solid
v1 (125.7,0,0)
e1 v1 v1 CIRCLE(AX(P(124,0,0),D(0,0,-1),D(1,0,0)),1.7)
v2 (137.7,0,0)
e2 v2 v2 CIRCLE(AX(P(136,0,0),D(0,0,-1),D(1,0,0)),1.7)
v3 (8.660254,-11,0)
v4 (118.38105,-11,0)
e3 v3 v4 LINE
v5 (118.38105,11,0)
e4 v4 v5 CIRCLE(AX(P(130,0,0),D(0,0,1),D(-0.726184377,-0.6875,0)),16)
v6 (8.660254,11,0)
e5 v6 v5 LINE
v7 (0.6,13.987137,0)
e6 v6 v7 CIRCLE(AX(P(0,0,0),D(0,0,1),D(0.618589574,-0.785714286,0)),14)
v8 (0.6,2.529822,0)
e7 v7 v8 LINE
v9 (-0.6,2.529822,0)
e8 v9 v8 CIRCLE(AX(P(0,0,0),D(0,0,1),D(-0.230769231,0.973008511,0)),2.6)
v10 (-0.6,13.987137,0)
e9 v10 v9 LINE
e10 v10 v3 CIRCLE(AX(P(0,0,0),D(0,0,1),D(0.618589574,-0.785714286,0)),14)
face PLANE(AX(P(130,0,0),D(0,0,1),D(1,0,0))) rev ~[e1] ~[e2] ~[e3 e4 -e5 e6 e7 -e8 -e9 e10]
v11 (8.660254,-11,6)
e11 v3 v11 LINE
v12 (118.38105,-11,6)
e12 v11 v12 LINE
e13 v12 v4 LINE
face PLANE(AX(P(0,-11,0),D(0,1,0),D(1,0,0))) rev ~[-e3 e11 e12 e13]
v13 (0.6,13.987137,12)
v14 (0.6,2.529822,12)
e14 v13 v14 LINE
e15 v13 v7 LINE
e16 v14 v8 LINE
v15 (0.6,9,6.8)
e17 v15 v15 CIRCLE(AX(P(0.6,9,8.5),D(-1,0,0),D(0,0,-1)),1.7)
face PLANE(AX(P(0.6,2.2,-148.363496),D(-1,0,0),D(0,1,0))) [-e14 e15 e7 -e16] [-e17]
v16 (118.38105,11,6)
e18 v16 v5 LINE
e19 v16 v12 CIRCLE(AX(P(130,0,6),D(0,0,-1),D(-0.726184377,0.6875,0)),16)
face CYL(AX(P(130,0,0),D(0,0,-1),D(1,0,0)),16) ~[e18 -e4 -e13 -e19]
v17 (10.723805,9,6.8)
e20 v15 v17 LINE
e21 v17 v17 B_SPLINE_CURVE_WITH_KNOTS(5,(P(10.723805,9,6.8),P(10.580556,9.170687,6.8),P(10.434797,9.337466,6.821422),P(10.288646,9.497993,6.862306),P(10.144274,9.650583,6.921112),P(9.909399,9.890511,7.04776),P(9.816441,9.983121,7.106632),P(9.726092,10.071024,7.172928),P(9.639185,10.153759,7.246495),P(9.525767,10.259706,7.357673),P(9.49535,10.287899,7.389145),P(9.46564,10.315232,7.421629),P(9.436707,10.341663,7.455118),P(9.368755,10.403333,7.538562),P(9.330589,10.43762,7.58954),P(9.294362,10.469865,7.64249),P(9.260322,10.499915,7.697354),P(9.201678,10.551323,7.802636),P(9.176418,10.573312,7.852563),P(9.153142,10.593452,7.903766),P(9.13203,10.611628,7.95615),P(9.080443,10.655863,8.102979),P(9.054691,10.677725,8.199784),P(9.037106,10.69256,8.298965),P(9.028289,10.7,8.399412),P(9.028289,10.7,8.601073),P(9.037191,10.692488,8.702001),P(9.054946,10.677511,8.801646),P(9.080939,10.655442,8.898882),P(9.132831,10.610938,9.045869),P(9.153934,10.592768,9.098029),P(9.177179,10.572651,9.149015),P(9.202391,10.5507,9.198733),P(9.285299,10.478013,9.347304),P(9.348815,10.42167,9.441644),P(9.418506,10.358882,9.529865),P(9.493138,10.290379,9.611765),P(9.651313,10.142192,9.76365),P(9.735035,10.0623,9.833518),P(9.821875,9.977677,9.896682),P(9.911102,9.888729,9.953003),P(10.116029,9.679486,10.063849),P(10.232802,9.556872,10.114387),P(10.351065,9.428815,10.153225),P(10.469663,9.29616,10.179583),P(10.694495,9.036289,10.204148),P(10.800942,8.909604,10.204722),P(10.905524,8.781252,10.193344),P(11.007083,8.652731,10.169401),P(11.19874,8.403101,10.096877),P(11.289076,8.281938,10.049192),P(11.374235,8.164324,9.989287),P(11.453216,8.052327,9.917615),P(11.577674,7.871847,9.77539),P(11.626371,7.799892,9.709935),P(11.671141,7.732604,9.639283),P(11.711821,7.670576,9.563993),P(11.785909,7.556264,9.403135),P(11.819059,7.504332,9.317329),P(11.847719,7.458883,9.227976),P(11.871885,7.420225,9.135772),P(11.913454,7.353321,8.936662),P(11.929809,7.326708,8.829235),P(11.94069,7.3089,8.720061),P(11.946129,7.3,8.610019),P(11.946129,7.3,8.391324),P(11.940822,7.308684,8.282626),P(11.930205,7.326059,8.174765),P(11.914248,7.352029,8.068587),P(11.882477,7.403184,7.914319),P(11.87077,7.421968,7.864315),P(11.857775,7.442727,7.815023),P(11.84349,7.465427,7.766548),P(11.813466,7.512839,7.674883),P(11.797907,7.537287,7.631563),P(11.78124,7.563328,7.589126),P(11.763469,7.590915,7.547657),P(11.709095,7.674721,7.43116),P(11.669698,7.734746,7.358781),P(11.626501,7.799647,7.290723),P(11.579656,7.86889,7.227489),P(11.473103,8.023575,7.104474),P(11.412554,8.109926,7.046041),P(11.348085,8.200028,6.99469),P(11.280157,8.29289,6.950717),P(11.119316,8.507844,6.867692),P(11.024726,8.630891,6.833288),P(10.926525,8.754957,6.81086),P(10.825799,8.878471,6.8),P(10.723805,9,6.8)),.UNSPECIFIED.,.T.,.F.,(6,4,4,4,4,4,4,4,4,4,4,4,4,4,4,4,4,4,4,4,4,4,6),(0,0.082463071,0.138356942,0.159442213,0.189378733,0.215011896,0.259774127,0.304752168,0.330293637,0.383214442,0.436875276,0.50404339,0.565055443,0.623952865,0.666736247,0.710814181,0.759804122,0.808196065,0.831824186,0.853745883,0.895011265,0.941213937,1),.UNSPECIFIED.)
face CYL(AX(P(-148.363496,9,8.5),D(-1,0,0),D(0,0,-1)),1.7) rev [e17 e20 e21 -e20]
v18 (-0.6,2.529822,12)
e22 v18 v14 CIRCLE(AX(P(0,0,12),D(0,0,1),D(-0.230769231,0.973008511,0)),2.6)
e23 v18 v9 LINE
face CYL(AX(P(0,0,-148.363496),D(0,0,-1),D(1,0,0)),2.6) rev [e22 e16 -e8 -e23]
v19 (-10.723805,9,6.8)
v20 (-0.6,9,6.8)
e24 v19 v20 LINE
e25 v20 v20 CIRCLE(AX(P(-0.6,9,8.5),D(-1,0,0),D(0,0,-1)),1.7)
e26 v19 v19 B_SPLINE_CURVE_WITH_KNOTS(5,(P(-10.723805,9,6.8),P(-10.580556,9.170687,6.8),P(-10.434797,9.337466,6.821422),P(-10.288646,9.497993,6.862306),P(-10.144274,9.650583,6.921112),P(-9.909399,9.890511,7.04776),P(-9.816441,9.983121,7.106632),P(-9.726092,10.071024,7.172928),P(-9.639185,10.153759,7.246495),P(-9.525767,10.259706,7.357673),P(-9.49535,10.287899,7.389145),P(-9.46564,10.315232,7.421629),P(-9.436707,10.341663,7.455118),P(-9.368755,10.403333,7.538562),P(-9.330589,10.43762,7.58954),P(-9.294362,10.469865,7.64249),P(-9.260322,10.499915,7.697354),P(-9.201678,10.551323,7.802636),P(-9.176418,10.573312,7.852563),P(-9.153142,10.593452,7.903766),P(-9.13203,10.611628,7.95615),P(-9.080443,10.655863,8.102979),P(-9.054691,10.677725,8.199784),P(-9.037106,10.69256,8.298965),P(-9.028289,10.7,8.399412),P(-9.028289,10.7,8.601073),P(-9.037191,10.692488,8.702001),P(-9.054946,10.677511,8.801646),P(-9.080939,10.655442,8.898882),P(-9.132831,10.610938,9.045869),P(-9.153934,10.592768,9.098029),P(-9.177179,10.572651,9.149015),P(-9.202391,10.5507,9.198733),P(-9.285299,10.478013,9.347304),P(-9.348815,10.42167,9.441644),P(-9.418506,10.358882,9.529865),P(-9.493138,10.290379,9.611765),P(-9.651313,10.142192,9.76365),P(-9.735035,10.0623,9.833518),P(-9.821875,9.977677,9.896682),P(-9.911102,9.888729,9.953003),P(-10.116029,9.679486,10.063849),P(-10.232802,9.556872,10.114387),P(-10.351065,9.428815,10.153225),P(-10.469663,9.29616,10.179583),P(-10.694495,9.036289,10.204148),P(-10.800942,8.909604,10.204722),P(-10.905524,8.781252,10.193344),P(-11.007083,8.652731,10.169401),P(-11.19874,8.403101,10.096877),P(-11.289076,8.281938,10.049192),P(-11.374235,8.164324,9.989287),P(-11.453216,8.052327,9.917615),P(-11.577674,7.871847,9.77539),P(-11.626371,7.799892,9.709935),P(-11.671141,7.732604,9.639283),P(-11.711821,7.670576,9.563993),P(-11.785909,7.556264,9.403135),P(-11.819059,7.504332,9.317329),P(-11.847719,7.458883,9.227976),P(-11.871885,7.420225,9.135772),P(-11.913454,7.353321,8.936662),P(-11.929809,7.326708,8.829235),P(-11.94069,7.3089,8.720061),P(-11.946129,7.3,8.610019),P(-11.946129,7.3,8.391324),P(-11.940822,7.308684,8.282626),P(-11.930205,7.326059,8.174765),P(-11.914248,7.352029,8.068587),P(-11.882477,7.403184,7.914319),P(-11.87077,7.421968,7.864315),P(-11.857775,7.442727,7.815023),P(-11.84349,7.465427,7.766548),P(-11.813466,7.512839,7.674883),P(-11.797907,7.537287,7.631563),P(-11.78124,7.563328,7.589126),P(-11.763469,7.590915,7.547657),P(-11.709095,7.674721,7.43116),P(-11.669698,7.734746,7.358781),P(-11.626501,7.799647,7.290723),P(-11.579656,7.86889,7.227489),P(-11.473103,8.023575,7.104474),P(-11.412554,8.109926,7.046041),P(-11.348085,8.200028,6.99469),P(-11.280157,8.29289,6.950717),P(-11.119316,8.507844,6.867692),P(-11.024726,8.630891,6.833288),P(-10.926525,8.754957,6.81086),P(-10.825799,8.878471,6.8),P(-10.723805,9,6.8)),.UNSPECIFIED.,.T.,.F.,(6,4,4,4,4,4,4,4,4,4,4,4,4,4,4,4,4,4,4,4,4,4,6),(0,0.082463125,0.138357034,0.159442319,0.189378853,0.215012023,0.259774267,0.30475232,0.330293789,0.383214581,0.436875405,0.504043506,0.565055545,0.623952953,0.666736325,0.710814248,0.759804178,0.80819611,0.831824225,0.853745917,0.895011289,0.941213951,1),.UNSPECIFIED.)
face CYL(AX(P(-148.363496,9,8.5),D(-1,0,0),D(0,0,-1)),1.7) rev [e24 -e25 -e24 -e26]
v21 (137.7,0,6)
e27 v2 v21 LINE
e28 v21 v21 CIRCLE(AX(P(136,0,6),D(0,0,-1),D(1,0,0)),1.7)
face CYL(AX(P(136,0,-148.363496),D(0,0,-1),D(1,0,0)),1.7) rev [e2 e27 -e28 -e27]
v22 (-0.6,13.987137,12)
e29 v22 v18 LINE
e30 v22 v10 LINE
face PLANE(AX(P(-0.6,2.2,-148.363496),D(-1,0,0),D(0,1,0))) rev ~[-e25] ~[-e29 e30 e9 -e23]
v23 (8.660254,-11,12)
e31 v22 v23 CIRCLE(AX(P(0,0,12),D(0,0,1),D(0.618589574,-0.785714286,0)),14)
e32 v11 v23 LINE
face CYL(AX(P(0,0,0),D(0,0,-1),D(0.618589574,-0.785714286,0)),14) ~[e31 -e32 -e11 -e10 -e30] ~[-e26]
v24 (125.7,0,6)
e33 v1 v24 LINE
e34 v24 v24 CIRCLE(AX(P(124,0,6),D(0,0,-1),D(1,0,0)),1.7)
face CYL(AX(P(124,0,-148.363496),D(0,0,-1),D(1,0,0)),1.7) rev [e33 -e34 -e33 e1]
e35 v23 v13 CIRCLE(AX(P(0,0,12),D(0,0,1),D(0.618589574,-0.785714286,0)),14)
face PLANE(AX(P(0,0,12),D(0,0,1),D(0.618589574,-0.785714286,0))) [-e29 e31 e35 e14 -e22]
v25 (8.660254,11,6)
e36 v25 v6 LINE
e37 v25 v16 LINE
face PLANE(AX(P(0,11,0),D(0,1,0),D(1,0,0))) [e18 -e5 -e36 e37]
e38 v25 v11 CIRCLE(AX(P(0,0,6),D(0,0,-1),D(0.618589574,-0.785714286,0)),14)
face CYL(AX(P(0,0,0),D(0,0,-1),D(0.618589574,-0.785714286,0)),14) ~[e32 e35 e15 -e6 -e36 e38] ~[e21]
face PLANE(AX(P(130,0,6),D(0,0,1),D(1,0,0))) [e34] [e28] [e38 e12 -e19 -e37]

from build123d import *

# Parameters (mm, degrees)
SKETCH_1_W                         = 130
SKETCH_1_H                         = 22
ARM_WEB_L130_W22_T6_DEPTH          = 6
SKETCH_2_R                         = 14
SPLIT_CLAMP_HUB_DEPTH              = 12
SKETCH_3_R                         = 16
WRIST_END_R16_DEPTH                = 6
SHAFT_D5P2_AND_WRIST_M3_DEPTH      = 148.363496158
SHAFT_D5P2_AND_WRIST_M3_DEPTH_BACK = 148.363496158
SKETCH_4_R                         = 2.6
SKETCH_4_R_2                       = 1.7
CLAMP_SPLIT_1P2_DEPTH              = 148.363496158
CLAMP_SPLIT_1P2_DEPTH_BACK         = 148.363496158
SKETCH_5_W                         = 1.2
SKETCH_5_H                         = 12.8
CLAMP_CROSSBOLT_M3_DEPTH           = 148.363496158
CLAMP_CROSSBOLT_M3_DEPTH_BACK      = 148.363496158
SKETCH_6_R                         = 1.7


with BuildPart() as part:
    # 草图1 → Arm_web_L130_W22_T6 (new body)
    with BuildSketch(Plane.XY):
        with Locations((65, 0)):
            Rectangle(SKETCH_1_W, SKETCH_1_H)
    extrude(amount=ARM_WEB_L130_W22_T6_DEPTH)

    # 草图2 → Split_clamp_hub (add)
    with BuildSketch(Plane.XY):
        with Locations(Location((0, 0, 0), (0, 0, 308.213210702))):
            Circle(SKETCH_2_R)
    extrude(amount=SPLIT_CLAMP_HUB_DEPTH)

    # 草图3 → Wrist_end_R16 (add)
    with BuildSketch(Plane.XY):
        with Locations((130, 0)):
            Circle(SKETCH_3_R)
    extrude(amount=WRIST_END_R16_DEPTH)

    # 草图4 → Shaft_D5p2_and_wrist_M3 (cut, two sides: drawn at the far end of the back side and taken through both)
    with BuildSketch(Plane.XY.offset(-SHAFT_D5P2_AND_WRIST_M3_DEPTH_BACK)):
        Circle(SKETCH_4_R)
        with Locations((124, 0)):
            Circle(SKETCH_4_R_2)
        with Locations((136, 0)):
            Circle(SKETCH_4_R_2)
    extrude(amount=SHAFT_D5P2_AND_WRIST_M3_DEPTH + SHAFT_D5P2_AND_WRIST_M3_DEPTH_BACK, mode=Mode.SUBTRACT)

    # 草图5 → Clamp_split_1p2 (cut, two sides: drawn at the far end of the back side and taken through both)
    with BuildSketch(Plane.XY.offset(-CLAMP_SPLIT_1P2_DEPTH_BACK)):
        with Locations((0, 8.6)):
            Rectangle(SKETCH_5_W, SKETCH_5_H)
    extrude(amount=CLAMP_SPLIT_1P2_DEPTH + CLAMP_SPLIT_1P2_DEPTH_BACK, mode=Mode.SUBTRACT)

    # 草图6 → Clamp_crossbolt_M3 (cut, two sides: drawn at the far end of the back side and taken through both)
    with BuildSketch(Plane(origin=(0, 0, 0), x_dir=(0, 0, -1), z_dir=(1, 0, 0)).offset(-CLAMP_CROSSBOLT_M3_DEPTH_BACK)):
        with Locations((-8.5, 9)):
            Circle(SKETCH_6_R)
    extrude(amount=CLAMP_CROSSBOLT_M3_DEPTH + CLAMP_CROSSBOLT_M3_DEPTH_BACK, mode=Mode.SUBTRACT)


solid = part.part
